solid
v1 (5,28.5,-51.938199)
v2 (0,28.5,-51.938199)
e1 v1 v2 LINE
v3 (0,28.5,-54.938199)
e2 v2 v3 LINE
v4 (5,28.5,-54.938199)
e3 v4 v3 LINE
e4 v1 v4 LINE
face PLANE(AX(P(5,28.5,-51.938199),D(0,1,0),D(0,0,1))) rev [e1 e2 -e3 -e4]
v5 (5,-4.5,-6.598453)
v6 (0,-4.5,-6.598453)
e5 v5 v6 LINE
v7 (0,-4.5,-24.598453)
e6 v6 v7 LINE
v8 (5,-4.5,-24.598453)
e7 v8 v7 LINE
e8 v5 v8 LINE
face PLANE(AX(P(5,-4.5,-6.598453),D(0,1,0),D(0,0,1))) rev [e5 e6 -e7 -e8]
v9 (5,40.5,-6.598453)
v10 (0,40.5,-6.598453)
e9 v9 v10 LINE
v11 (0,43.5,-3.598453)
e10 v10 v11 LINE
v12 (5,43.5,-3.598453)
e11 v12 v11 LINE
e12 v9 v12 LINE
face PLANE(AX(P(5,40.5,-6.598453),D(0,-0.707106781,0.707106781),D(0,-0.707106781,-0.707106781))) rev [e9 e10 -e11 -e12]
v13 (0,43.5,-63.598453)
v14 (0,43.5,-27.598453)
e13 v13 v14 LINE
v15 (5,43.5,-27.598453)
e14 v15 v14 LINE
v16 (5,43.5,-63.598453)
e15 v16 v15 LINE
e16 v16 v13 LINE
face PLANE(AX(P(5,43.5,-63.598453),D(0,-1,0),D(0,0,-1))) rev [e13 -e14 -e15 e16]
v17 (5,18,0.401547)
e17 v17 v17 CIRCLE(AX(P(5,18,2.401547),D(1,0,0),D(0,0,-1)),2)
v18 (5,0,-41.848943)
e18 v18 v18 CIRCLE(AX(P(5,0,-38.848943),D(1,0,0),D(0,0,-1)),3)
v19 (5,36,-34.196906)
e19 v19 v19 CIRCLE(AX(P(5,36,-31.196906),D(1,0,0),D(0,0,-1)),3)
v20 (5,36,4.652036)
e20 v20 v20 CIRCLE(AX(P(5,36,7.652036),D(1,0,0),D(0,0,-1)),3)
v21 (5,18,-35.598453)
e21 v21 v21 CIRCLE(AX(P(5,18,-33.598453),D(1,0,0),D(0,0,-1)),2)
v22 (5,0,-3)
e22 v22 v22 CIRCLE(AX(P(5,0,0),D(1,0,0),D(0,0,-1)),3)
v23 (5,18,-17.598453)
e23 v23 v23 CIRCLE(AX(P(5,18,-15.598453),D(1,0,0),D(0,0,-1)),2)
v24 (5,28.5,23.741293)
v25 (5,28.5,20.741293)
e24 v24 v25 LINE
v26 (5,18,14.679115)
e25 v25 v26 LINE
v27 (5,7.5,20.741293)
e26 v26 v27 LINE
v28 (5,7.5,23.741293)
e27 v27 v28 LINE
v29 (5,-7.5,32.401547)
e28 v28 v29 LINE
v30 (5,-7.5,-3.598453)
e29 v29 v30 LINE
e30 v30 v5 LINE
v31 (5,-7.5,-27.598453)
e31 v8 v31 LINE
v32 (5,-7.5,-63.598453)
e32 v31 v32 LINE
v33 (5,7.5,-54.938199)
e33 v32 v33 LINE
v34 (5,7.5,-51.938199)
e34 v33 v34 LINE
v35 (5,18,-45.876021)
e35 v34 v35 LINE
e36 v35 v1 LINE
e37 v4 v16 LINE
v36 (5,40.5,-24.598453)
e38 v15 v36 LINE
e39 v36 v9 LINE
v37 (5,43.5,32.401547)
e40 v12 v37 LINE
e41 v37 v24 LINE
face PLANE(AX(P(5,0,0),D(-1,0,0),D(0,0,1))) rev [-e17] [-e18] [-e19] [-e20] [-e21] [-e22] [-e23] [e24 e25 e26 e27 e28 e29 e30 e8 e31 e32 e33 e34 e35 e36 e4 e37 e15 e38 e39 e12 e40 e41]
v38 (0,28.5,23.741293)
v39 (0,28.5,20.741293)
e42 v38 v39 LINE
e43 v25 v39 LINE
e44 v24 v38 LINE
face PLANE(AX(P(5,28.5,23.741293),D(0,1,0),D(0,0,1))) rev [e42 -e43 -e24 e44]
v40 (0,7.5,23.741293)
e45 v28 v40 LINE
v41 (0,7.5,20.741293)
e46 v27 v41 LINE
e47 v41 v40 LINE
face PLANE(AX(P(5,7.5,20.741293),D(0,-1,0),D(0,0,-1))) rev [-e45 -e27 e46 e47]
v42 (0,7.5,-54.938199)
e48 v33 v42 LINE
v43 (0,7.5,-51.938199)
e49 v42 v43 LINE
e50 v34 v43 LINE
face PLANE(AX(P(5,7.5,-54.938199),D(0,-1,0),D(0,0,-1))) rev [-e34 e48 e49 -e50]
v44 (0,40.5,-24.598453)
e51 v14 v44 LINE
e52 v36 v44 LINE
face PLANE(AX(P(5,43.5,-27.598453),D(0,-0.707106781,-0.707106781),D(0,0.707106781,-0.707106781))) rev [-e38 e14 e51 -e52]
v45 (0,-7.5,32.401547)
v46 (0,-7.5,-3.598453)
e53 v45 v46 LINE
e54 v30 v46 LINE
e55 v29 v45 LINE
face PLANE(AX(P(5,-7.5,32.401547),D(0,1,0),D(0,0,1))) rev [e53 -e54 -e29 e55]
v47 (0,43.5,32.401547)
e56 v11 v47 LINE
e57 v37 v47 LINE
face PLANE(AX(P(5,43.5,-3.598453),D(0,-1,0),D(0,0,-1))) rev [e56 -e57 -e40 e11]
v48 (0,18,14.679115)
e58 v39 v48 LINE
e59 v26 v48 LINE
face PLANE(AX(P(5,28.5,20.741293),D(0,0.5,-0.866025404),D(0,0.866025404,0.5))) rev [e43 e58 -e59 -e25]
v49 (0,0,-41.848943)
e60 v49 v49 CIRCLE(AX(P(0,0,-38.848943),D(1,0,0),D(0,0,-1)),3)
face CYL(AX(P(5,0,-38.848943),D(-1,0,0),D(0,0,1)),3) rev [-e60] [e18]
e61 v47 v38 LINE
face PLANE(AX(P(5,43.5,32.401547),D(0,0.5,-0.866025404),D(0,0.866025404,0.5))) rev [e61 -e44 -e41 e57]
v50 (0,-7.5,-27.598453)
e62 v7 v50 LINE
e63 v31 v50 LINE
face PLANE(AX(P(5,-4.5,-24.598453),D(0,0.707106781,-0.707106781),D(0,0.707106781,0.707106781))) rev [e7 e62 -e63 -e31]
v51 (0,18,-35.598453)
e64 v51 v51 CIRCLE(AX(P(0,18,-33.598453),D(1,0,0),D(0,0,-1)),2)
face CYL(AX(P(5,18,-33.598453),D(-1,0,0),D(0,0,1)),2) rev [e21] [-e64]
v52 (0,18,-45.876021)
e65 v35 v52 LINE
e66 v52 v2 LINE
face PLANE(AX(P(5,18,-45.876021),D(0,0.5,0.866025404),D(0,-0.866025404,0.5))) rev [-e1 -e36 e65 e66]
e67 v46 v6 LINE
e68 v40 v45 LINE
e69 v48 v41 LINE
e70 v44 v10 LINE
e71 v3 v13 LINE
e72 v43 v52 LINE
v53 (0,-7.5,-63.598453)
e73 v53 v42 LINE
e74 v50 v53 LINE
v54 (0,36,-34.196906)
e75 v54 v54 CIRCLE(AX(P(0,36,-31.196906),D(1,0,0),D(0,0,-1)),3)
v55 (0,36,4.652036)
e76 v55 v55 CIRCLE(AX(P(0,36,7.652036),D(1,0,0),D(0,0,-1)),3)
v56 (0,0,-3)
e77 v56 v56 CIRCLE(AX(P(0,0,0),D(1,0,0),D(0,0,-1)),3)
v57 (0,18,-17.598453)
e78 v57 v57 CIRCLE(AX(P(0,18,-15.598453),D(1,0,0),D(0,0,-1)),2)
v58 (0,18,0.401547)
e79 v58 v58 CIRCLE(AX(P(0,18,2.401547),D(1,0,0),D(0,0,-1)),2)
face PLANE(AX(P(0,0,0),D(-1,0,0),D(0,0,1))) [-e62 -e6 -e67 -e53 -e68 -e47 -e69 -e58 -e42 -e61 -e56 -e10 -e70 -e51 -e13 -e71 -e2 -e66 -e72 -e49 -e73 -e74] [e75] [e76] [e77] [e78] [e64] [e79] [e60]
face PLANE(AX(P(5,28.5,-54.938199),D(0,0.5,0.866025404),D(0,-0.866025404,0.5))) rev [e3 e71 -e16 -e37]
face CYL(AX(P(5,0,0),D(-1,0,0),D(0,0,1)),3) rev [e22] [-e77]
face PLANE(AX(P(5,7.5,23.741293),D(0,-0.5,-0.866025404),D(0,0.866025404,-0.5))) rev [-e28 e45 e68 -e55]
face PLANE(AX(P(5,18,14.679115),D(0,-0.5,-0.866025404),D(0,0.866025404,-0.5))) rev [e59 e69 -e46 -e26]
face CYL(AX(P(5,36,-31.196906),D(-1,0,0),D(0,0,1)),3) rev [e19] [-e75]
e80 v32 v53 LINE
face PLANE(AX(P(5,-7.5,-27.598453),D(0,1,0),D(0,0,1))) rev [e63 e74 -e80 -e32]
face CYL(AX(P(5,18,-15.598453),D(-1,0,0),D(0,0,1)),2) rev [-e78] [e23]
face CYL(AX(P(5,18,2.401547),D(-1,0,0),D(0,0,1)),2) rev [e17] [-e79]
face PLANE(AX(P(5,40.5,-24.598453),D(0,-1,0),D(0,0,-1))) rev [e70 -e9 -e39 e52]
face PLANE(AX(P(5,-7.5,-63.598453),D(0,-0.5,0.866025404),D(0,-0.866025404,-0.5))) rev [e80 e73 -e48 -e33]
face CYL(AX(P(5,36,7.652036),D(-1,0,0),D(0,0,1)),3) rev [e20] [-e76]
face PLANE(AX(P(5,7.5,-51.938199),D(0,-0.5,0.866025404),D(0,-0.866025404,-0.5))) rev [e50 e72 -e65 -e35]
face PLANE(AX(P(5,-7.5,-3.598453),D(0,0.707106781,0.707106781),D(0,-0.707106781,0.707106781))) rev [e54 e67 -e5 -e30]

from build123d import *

# Parameters (mm, degrees)
SKETCH1_R           = 3
SKETCH1_R_2         = 2
BOSS_EXTRUDE1_DEPTH = 5


with BuildPart() as part:
    # Sketch1 → Boss-Extrude1 (new body)
    with BuildSketch(Plane(origin=(0, 0, 0), x_dir=(0, 0, -1), z_dir=(1, 0, 0))):
        Polygon((-32.401546808, -7.5), (3.598453192, -7.5), (6.598453192, -4.5), (24.598453192, -4.5), (27.598453192, -7.5), (63.598453192, -7.5), (54.938199155, 7.5), (51.938199155, 7.5), (45.876021328, 18), (51.938199155, 28.5), (54.938199155, 28.5), (63.598453192, 43.5), (27.598453192, 43.5), (24.598453192, 40.5), (6.598453192, 40.5), (3.598453192, 43.5), (-32.401546808, 43.5), (-23.74129277, 28.5), (-20.74129277, 28.5), (-14.679114943, 18), (-20.74129277, 7.5), (-23.74129277, 7.5), align=None)
        Circle(SKETCH1_R, mode=Mode.SUBTRACT)
        with Locations((38.848942605, 0)):
            Circle(SKETCH1_R, mode=Mode.SUBTRACT)
        with Locations((31.196906385, 36)):
            Circle(SKETCH1_R, mode=Mode.SUBTRACT)
        with Locations((-7.65203622, 36)):
            Circle(SKETCH1_R, mode=Mode.SUBTRACT)
        with Locations((15.598453192, 18)):
            Circle(SKETCH1_R_2, mode=Mode.SUBTRACT)
        with Locations((-2.401546808, 18)):
            Circle(SKETCH1_R_2, mode=Mode.SUBTRACT)
        with Locations((33.598453192, 18)):
            Circle(SKETCH1_R_2, mode=Mode.SUBTRACT)
    extrude(amount=BOSS_EXTRUDE1_DEPTH)


solid = part.part
